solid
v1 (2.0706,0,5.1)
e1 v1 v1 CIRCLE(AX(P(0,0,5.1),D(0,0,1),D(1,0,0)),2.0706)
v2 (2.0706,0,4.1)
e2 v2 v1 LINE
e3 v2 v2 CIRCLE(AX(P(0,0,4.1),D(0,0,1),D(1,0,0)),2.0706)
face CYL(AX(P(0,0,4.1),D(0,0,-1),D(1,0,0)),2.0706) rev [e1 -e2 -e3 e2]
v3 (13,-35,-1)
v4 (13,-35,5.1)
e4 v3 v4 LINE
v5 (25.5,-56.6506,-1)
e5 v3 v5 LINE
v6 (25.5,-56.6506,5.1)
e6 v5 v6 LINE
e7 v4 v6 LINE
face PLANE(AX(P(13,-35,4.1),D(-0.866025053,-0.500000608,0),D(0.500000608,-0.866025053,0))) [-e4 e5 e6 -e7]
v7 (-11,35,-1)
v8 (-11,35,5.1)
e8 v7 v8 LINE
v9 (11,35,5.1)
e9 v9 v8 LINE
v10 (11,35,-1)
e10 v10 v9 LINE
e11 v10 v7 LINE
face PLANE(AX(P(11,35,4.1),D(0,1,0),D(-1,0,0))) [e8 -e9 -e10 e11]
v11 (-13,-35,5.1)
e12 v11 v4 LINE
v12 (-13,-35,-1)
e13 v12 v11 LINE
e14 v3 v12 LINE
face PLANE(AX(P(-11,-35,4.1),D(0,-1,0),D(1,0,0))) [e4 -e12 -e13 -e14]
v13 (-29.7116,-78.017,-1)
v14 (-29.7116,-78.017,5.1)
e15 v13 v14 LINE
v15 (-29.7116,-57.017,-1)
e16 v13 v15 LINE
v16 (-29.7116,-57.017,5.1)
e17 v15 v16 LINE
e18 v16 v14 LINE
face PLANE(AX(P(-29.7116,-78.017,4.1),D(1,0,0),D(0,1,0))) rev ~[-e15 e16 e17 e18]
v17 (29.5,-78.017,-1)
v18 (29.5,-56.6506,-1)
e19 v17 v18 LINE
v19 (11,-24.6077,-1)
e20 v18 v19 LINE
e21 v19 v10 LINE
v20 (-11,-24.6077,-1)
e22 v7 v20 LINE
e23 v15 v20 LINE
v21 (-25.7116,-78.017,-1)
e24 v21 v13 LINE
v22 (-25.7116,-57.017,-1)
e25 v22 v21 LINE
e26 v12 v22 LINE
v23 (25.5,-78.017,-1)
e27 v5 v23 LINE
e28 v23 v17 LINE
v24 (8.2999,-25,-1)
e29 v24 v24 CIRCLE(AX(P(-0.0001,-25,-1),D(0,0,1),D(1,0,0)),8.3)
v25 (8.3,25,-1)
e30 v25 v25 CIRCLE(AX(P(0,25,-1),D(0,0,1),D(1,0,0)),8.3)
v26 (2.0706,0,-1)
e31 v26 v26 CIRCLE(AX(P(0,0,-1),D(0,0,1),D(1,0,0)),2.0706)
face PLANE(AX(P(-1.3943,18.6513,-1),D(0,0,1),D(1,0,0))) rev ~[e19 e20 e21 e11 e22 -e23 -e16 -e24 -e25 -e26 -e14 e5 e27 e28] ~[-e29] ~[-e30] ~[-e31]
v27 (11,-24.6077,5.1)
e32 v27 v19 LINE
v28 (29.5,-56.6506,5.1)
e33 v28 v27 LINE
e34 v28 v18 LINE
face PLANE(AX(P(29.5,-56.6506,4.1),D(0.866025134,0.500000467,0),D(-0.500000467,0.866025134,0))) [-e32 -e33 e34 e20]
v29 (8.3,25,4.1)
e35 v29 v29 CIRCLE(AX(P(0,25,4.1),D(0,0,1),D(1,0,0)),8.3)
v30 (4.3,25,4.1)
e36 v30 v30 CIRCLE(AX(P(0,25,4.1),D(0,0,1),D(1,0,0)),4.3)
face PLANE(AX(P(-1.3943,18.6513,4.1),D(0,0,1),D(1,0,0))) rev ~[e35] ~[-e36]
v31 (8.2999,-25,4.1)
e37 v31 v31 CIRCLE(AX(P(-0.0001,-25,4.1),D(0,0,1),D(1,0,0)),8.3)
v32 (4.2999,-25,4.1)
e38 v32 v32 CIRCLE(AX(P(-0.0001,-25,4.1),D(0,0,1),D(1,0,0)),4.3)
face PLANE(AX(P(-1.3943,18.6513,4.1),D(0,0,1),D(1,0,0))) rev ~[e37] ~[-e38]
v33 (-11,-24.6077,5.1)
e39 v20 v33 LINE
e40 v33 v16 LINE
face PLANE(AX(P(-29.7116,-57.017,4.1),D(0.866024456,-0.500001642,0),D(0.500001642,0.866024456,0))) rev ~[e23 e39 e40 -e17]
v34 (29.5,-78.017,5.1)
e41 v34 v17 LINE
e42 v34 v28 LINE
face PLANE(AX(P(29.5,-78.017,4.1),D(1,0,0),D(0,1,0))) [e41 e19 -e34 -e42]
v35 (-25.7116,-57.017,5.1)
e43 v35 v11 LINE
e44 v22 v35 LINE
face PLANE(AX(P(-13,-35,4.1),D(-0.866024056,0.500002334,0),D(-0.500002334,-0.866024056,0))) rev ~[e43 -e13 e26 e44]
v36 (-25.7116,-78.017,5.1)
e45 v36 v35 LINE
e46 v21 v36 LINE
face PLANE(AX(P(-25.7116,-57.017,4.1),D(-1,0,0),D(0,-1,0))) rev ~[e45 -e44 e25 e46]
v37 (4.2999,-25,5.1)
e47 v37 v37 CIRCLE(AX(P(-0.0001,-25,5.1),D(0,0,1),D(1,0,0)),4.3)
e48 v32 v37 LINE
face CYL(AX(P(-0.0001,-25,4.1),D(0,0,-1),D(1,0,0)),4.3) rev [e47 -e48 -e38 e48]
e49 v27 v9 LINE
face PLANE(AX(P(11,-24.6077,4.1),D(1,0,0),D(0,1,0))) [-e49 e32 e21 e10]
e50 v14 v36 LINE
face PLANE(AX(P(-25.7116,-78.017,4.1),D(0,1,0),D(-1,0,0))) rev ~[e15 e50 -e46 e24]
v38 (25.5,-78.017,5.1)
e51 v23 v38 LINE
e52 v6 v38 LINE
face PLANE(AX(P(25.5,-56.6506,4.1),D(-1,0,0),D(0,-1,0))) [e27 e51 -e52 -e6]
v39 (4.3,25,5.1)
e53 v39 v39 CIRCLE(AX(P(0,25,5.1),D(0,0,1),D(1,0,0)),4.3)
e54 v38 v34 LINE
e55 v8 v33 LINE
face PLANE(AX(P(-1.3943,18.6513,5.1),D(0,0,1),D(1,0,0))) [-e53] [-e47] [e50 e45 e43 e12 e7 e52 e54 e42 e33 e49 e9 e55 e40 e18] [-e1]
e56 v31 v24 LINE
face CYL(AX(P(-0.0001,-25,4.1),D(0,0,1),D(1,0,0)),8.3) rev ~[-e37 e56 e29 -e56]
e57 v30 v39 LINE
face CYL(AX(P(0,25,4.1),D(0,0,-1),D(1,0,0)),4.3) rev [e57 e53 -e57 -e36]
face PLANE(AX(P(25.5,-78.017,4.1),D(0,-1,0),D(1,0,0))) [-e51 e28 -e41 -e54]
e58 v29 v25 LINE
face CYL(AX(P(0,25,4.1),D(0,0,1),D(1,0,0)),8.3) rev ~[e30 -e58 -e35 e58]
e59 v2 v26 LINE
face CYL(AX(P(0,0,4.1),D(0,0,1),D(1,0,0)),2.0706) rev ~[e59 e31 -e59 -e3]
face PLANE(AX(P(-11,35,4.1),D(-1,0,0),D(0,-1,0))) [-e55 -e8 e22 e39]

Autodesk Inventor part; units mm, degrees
ref_plane "YZ Plane" through (0, 0, 0) normal (1, 0, 0) x (0, 1, 0)
ref_plane "XZ Plane" through (0, 0, 0) normal (0, 1, 0) x (-1, 0, 0)
ref_plane "Arbeitsebene1" through (-1.3943, 18.6513, 4.1) normal (0, 0, 1) x (1, 0, 0)
sketch "Skizze1" plane through (-1.3943, 18.6513, 4.1) normal (0, 0, 1) x (1, 0, 0)
  circle A0 centre (1.3943, 6.3487) radius 8 projected
  circle A1 centre (1.3942, -43.6513) radius 8 projected
  circle A2 centre (1.3943, 6.3487) radius 8.3
  circle A3 centre (1.3942, -43.6513) radius 8.3
  circle A4 centre (1.3943, -18.6513) radius 1.5706 projected
  circle A5 centre (1.3943, -18.6513) radius 2.0706
  circle A6 centre (2.1966, -75.6683) radius 18 construction
  line L0 (14.0323, -55.1683) -> (-9.6391, -55.1683) construction
  line L1 (-9.6391, -55.1683) -> (-21.4748, -75.6683) construction
  line L2 (-21.4748, -75.6683) -> (-9.6391, -96.1683) construction
  line L3 (-9.6391, -96.1683) -> (14.0323, -96.1683) construction
  line L4 (14.0323, -96.1683) -> (25.8679, -75.6683) construction
  line L5 (25.8679, -75.6683) -> (14.0323, -55.1683) construction
  line L6 (12.3943, 16.3487) -> (-9.6057, 16.3487) construction
  line L7 (-9.6057, 16.3487) -> (-9.6057, -53.6513) construction
  line L8 (-9.6057, -53.6513) -> (12.3943, -53.6513) construction
  line L9 (12.3943, -53.6513) -> (12.3943, 16.3487) construction
  line L10 (12.3943, 16.3487) -> (-9.6057, -53.6513) construction
  line L11 (-9.6057, 16.3487) -> (12.3943, -53.6513) construction
  line L12 (12.3943, 16.3487) -> (-9.6057, 16.3487)
  line L13 (-9.6057, 16.3487) -> (-9.6057, -53.6513)
  line L14 (-9.6057, -53.6513) -> (12.3943, -53.6513)
  line L15 (12.3943, -53.6513) -> (12.3943, 16.3487)
  circle A7 centre (2.1966, -75.6683) radius 18 projected
  line L16 (14.0323, -55.1683) -> (-9.6391, -55.1683) construction
  line L17 (-9.6391, -55.1683) -> (-21.4748, -75.6683) construction
  line L18 (-21.4748, -75.6683) -> (-9.6391, -96.1683) construction
  line L19 (-9.6391, -96.1683) -> (14.0323, -96.1683) construction
  line L20 (14.0323, -96.1683) -> (25.8679, -75.6683) construction
  line L21 (25.8679, -75.6683) -> (14.0323, -55.1683) projected
  line L22 (14.321, -54.6683) -> (26.4453, -75.6683)
  line L23 (26.4453, -75.6683) -> (14.3209, -96.6683)
  line L24 (14.3209, -96.6683) -> (-9.9278, -96.6683)
  line L25 (-9.9278, -96.6683) -> (-22.0521, -75.6683)
  line L26 (-22.0521, -75.6683) -> (-9.9278, -54.6683)
  line L27 (-9.9278, -54.6683) -> (14.321, -54.6683)
  line L28 (12.3943, -53.6513) -> (14.3943, -53.6513)
  line L29 (14.3943, -53.6513) -> (26.8943, -75.3019)
  line L30 (26.8943, -75.3019) -> (26.8943, -96.6683)
  line L31 (26.8943, -96.6683) -> (30.8943, -96.6683)
  line L32 (30.8943, -96.6683) -> (30.8943, -75.3019)
  line L33 (30.8943, -75.3019) -> (12.3943, -43.259)
  line L34 (-9.6057, -53.6513) -> (-11.6057, -53.6513)
  line L35 (-11.6057, -53.6513) -> (-24.3173, -75.6683)
  line L36 (-24.3173, -75.6683) -> (-24.3173, -96.6683)
  line L37 (-24.3173, -96.6683) -> (-28.3173, -96.6683)
  line L38 (-28.3173, -96.6683) -> (-28.3173, -75.6683)
  line L39 (-28.3173, -75.6683) -> (-9.6057, -43.259)
  point P0 (1.3943, -18.6513)
  dimension "d0" = 0.3
  dimension "d1" = 0.3
  dimension "d2" = 0.5
  dimension "d3" = 22
  dimension "d4" = 70
  dimension "d7" = 0.5
  dimension "d8" = 2
  dimension "d9" = 25
  dimension "d10" = 120
  dimension "d11" = 4
  dimension "d12" = 2
  dimension "d13" = 120
  dimension "d14" = 4
ref_plane "Arbeitsebene2" through (-16.3, -16.3, -1) normal (0, 0, 1) x (1, 0, 0)
extrude "Extrusion1" add sketch "Skizze1" against normal up to surface (5.1 mm away) contours L15 L14 L13 L12 | L33 L32 L31 L30 L29 L28 L15 | L13 L34 L35 L36 L37 L38 L39
sketch "Skizze2" plane through (-1.3943, 18.6513, 4.1) normal (0, 0, 1) x (1, 0, 0)
  circle A0 centre (1.3942, -43.6513) radius 8.3 projected
  circle A1 centre (1.3943, 6.3487) radius 8.3 projected
  circle A2 centre (1.3943, -18.6513) radius 2.0706 projected
  line L0 (-9.6057, -43.259) -> (-28.3173, -75.6683) projected
  line L1 (-28.3173, -75.6683) -> (-28.3173, -96.6683) projected
  line L2 (-28.3173, -96.6683) -> (-24.3173, -96.6683) projected
  line L3 (-24.3173, -96.6683) -> (-24.3173, -75.6683) projected
  line L4 (-24.3173, -75.6683) -> (-11.6057, -53.6513) projected
  line L5 (-11.6057, -53.6513) -> (14.3943, -53.6513) projected
  line L6 (14.3943, -53.6513) -> (26.8943, -75.3019) projected
  line L7 (26.8943, -75.3019) -> (26.8943, -96.6683) projected
  line L8 (26.8943, -96.6683) -> (30.8943, -96.6683) projected
  line L9 (30.8943, -96.6683) -> (30.8943, -75.3019) projected
  line L10 (30.8943, -75.3019) -> (12.3943, -43.259) projected
  line L11 (12.3943, -43.259) -> (12.3943, 16.3487) projected
  line L12 (12.3943, 16.3487) -> (-9.6057, 16.3487) projected
  line L13 (-9.6057, 16.3487) -> (-9.6057, -43.259) projected
  circle A3 centre (1.3943, 6.3487) radius 4 projected
  circle A4 centre (1.3942, -43.6513) radius 4 projected
  circle A5 centre (1.3943, 6.3487) radius 4.3
  circle A6 centre (1.3942, -43.6513) radius 4.3
  point P0 (1.3943, -18.6513)
  dimension "d15" = 0.3
  dimension "d16" = 0.3
extrude "Extrusion2" add sketch "Skizze2" along normal blind 1 contours A0 | A1 | L13 L12 L11 L10 L9 L8 L7 L6 L5 L4 L3 L2 L1 L0
properties part number "28_Z_Stage"
